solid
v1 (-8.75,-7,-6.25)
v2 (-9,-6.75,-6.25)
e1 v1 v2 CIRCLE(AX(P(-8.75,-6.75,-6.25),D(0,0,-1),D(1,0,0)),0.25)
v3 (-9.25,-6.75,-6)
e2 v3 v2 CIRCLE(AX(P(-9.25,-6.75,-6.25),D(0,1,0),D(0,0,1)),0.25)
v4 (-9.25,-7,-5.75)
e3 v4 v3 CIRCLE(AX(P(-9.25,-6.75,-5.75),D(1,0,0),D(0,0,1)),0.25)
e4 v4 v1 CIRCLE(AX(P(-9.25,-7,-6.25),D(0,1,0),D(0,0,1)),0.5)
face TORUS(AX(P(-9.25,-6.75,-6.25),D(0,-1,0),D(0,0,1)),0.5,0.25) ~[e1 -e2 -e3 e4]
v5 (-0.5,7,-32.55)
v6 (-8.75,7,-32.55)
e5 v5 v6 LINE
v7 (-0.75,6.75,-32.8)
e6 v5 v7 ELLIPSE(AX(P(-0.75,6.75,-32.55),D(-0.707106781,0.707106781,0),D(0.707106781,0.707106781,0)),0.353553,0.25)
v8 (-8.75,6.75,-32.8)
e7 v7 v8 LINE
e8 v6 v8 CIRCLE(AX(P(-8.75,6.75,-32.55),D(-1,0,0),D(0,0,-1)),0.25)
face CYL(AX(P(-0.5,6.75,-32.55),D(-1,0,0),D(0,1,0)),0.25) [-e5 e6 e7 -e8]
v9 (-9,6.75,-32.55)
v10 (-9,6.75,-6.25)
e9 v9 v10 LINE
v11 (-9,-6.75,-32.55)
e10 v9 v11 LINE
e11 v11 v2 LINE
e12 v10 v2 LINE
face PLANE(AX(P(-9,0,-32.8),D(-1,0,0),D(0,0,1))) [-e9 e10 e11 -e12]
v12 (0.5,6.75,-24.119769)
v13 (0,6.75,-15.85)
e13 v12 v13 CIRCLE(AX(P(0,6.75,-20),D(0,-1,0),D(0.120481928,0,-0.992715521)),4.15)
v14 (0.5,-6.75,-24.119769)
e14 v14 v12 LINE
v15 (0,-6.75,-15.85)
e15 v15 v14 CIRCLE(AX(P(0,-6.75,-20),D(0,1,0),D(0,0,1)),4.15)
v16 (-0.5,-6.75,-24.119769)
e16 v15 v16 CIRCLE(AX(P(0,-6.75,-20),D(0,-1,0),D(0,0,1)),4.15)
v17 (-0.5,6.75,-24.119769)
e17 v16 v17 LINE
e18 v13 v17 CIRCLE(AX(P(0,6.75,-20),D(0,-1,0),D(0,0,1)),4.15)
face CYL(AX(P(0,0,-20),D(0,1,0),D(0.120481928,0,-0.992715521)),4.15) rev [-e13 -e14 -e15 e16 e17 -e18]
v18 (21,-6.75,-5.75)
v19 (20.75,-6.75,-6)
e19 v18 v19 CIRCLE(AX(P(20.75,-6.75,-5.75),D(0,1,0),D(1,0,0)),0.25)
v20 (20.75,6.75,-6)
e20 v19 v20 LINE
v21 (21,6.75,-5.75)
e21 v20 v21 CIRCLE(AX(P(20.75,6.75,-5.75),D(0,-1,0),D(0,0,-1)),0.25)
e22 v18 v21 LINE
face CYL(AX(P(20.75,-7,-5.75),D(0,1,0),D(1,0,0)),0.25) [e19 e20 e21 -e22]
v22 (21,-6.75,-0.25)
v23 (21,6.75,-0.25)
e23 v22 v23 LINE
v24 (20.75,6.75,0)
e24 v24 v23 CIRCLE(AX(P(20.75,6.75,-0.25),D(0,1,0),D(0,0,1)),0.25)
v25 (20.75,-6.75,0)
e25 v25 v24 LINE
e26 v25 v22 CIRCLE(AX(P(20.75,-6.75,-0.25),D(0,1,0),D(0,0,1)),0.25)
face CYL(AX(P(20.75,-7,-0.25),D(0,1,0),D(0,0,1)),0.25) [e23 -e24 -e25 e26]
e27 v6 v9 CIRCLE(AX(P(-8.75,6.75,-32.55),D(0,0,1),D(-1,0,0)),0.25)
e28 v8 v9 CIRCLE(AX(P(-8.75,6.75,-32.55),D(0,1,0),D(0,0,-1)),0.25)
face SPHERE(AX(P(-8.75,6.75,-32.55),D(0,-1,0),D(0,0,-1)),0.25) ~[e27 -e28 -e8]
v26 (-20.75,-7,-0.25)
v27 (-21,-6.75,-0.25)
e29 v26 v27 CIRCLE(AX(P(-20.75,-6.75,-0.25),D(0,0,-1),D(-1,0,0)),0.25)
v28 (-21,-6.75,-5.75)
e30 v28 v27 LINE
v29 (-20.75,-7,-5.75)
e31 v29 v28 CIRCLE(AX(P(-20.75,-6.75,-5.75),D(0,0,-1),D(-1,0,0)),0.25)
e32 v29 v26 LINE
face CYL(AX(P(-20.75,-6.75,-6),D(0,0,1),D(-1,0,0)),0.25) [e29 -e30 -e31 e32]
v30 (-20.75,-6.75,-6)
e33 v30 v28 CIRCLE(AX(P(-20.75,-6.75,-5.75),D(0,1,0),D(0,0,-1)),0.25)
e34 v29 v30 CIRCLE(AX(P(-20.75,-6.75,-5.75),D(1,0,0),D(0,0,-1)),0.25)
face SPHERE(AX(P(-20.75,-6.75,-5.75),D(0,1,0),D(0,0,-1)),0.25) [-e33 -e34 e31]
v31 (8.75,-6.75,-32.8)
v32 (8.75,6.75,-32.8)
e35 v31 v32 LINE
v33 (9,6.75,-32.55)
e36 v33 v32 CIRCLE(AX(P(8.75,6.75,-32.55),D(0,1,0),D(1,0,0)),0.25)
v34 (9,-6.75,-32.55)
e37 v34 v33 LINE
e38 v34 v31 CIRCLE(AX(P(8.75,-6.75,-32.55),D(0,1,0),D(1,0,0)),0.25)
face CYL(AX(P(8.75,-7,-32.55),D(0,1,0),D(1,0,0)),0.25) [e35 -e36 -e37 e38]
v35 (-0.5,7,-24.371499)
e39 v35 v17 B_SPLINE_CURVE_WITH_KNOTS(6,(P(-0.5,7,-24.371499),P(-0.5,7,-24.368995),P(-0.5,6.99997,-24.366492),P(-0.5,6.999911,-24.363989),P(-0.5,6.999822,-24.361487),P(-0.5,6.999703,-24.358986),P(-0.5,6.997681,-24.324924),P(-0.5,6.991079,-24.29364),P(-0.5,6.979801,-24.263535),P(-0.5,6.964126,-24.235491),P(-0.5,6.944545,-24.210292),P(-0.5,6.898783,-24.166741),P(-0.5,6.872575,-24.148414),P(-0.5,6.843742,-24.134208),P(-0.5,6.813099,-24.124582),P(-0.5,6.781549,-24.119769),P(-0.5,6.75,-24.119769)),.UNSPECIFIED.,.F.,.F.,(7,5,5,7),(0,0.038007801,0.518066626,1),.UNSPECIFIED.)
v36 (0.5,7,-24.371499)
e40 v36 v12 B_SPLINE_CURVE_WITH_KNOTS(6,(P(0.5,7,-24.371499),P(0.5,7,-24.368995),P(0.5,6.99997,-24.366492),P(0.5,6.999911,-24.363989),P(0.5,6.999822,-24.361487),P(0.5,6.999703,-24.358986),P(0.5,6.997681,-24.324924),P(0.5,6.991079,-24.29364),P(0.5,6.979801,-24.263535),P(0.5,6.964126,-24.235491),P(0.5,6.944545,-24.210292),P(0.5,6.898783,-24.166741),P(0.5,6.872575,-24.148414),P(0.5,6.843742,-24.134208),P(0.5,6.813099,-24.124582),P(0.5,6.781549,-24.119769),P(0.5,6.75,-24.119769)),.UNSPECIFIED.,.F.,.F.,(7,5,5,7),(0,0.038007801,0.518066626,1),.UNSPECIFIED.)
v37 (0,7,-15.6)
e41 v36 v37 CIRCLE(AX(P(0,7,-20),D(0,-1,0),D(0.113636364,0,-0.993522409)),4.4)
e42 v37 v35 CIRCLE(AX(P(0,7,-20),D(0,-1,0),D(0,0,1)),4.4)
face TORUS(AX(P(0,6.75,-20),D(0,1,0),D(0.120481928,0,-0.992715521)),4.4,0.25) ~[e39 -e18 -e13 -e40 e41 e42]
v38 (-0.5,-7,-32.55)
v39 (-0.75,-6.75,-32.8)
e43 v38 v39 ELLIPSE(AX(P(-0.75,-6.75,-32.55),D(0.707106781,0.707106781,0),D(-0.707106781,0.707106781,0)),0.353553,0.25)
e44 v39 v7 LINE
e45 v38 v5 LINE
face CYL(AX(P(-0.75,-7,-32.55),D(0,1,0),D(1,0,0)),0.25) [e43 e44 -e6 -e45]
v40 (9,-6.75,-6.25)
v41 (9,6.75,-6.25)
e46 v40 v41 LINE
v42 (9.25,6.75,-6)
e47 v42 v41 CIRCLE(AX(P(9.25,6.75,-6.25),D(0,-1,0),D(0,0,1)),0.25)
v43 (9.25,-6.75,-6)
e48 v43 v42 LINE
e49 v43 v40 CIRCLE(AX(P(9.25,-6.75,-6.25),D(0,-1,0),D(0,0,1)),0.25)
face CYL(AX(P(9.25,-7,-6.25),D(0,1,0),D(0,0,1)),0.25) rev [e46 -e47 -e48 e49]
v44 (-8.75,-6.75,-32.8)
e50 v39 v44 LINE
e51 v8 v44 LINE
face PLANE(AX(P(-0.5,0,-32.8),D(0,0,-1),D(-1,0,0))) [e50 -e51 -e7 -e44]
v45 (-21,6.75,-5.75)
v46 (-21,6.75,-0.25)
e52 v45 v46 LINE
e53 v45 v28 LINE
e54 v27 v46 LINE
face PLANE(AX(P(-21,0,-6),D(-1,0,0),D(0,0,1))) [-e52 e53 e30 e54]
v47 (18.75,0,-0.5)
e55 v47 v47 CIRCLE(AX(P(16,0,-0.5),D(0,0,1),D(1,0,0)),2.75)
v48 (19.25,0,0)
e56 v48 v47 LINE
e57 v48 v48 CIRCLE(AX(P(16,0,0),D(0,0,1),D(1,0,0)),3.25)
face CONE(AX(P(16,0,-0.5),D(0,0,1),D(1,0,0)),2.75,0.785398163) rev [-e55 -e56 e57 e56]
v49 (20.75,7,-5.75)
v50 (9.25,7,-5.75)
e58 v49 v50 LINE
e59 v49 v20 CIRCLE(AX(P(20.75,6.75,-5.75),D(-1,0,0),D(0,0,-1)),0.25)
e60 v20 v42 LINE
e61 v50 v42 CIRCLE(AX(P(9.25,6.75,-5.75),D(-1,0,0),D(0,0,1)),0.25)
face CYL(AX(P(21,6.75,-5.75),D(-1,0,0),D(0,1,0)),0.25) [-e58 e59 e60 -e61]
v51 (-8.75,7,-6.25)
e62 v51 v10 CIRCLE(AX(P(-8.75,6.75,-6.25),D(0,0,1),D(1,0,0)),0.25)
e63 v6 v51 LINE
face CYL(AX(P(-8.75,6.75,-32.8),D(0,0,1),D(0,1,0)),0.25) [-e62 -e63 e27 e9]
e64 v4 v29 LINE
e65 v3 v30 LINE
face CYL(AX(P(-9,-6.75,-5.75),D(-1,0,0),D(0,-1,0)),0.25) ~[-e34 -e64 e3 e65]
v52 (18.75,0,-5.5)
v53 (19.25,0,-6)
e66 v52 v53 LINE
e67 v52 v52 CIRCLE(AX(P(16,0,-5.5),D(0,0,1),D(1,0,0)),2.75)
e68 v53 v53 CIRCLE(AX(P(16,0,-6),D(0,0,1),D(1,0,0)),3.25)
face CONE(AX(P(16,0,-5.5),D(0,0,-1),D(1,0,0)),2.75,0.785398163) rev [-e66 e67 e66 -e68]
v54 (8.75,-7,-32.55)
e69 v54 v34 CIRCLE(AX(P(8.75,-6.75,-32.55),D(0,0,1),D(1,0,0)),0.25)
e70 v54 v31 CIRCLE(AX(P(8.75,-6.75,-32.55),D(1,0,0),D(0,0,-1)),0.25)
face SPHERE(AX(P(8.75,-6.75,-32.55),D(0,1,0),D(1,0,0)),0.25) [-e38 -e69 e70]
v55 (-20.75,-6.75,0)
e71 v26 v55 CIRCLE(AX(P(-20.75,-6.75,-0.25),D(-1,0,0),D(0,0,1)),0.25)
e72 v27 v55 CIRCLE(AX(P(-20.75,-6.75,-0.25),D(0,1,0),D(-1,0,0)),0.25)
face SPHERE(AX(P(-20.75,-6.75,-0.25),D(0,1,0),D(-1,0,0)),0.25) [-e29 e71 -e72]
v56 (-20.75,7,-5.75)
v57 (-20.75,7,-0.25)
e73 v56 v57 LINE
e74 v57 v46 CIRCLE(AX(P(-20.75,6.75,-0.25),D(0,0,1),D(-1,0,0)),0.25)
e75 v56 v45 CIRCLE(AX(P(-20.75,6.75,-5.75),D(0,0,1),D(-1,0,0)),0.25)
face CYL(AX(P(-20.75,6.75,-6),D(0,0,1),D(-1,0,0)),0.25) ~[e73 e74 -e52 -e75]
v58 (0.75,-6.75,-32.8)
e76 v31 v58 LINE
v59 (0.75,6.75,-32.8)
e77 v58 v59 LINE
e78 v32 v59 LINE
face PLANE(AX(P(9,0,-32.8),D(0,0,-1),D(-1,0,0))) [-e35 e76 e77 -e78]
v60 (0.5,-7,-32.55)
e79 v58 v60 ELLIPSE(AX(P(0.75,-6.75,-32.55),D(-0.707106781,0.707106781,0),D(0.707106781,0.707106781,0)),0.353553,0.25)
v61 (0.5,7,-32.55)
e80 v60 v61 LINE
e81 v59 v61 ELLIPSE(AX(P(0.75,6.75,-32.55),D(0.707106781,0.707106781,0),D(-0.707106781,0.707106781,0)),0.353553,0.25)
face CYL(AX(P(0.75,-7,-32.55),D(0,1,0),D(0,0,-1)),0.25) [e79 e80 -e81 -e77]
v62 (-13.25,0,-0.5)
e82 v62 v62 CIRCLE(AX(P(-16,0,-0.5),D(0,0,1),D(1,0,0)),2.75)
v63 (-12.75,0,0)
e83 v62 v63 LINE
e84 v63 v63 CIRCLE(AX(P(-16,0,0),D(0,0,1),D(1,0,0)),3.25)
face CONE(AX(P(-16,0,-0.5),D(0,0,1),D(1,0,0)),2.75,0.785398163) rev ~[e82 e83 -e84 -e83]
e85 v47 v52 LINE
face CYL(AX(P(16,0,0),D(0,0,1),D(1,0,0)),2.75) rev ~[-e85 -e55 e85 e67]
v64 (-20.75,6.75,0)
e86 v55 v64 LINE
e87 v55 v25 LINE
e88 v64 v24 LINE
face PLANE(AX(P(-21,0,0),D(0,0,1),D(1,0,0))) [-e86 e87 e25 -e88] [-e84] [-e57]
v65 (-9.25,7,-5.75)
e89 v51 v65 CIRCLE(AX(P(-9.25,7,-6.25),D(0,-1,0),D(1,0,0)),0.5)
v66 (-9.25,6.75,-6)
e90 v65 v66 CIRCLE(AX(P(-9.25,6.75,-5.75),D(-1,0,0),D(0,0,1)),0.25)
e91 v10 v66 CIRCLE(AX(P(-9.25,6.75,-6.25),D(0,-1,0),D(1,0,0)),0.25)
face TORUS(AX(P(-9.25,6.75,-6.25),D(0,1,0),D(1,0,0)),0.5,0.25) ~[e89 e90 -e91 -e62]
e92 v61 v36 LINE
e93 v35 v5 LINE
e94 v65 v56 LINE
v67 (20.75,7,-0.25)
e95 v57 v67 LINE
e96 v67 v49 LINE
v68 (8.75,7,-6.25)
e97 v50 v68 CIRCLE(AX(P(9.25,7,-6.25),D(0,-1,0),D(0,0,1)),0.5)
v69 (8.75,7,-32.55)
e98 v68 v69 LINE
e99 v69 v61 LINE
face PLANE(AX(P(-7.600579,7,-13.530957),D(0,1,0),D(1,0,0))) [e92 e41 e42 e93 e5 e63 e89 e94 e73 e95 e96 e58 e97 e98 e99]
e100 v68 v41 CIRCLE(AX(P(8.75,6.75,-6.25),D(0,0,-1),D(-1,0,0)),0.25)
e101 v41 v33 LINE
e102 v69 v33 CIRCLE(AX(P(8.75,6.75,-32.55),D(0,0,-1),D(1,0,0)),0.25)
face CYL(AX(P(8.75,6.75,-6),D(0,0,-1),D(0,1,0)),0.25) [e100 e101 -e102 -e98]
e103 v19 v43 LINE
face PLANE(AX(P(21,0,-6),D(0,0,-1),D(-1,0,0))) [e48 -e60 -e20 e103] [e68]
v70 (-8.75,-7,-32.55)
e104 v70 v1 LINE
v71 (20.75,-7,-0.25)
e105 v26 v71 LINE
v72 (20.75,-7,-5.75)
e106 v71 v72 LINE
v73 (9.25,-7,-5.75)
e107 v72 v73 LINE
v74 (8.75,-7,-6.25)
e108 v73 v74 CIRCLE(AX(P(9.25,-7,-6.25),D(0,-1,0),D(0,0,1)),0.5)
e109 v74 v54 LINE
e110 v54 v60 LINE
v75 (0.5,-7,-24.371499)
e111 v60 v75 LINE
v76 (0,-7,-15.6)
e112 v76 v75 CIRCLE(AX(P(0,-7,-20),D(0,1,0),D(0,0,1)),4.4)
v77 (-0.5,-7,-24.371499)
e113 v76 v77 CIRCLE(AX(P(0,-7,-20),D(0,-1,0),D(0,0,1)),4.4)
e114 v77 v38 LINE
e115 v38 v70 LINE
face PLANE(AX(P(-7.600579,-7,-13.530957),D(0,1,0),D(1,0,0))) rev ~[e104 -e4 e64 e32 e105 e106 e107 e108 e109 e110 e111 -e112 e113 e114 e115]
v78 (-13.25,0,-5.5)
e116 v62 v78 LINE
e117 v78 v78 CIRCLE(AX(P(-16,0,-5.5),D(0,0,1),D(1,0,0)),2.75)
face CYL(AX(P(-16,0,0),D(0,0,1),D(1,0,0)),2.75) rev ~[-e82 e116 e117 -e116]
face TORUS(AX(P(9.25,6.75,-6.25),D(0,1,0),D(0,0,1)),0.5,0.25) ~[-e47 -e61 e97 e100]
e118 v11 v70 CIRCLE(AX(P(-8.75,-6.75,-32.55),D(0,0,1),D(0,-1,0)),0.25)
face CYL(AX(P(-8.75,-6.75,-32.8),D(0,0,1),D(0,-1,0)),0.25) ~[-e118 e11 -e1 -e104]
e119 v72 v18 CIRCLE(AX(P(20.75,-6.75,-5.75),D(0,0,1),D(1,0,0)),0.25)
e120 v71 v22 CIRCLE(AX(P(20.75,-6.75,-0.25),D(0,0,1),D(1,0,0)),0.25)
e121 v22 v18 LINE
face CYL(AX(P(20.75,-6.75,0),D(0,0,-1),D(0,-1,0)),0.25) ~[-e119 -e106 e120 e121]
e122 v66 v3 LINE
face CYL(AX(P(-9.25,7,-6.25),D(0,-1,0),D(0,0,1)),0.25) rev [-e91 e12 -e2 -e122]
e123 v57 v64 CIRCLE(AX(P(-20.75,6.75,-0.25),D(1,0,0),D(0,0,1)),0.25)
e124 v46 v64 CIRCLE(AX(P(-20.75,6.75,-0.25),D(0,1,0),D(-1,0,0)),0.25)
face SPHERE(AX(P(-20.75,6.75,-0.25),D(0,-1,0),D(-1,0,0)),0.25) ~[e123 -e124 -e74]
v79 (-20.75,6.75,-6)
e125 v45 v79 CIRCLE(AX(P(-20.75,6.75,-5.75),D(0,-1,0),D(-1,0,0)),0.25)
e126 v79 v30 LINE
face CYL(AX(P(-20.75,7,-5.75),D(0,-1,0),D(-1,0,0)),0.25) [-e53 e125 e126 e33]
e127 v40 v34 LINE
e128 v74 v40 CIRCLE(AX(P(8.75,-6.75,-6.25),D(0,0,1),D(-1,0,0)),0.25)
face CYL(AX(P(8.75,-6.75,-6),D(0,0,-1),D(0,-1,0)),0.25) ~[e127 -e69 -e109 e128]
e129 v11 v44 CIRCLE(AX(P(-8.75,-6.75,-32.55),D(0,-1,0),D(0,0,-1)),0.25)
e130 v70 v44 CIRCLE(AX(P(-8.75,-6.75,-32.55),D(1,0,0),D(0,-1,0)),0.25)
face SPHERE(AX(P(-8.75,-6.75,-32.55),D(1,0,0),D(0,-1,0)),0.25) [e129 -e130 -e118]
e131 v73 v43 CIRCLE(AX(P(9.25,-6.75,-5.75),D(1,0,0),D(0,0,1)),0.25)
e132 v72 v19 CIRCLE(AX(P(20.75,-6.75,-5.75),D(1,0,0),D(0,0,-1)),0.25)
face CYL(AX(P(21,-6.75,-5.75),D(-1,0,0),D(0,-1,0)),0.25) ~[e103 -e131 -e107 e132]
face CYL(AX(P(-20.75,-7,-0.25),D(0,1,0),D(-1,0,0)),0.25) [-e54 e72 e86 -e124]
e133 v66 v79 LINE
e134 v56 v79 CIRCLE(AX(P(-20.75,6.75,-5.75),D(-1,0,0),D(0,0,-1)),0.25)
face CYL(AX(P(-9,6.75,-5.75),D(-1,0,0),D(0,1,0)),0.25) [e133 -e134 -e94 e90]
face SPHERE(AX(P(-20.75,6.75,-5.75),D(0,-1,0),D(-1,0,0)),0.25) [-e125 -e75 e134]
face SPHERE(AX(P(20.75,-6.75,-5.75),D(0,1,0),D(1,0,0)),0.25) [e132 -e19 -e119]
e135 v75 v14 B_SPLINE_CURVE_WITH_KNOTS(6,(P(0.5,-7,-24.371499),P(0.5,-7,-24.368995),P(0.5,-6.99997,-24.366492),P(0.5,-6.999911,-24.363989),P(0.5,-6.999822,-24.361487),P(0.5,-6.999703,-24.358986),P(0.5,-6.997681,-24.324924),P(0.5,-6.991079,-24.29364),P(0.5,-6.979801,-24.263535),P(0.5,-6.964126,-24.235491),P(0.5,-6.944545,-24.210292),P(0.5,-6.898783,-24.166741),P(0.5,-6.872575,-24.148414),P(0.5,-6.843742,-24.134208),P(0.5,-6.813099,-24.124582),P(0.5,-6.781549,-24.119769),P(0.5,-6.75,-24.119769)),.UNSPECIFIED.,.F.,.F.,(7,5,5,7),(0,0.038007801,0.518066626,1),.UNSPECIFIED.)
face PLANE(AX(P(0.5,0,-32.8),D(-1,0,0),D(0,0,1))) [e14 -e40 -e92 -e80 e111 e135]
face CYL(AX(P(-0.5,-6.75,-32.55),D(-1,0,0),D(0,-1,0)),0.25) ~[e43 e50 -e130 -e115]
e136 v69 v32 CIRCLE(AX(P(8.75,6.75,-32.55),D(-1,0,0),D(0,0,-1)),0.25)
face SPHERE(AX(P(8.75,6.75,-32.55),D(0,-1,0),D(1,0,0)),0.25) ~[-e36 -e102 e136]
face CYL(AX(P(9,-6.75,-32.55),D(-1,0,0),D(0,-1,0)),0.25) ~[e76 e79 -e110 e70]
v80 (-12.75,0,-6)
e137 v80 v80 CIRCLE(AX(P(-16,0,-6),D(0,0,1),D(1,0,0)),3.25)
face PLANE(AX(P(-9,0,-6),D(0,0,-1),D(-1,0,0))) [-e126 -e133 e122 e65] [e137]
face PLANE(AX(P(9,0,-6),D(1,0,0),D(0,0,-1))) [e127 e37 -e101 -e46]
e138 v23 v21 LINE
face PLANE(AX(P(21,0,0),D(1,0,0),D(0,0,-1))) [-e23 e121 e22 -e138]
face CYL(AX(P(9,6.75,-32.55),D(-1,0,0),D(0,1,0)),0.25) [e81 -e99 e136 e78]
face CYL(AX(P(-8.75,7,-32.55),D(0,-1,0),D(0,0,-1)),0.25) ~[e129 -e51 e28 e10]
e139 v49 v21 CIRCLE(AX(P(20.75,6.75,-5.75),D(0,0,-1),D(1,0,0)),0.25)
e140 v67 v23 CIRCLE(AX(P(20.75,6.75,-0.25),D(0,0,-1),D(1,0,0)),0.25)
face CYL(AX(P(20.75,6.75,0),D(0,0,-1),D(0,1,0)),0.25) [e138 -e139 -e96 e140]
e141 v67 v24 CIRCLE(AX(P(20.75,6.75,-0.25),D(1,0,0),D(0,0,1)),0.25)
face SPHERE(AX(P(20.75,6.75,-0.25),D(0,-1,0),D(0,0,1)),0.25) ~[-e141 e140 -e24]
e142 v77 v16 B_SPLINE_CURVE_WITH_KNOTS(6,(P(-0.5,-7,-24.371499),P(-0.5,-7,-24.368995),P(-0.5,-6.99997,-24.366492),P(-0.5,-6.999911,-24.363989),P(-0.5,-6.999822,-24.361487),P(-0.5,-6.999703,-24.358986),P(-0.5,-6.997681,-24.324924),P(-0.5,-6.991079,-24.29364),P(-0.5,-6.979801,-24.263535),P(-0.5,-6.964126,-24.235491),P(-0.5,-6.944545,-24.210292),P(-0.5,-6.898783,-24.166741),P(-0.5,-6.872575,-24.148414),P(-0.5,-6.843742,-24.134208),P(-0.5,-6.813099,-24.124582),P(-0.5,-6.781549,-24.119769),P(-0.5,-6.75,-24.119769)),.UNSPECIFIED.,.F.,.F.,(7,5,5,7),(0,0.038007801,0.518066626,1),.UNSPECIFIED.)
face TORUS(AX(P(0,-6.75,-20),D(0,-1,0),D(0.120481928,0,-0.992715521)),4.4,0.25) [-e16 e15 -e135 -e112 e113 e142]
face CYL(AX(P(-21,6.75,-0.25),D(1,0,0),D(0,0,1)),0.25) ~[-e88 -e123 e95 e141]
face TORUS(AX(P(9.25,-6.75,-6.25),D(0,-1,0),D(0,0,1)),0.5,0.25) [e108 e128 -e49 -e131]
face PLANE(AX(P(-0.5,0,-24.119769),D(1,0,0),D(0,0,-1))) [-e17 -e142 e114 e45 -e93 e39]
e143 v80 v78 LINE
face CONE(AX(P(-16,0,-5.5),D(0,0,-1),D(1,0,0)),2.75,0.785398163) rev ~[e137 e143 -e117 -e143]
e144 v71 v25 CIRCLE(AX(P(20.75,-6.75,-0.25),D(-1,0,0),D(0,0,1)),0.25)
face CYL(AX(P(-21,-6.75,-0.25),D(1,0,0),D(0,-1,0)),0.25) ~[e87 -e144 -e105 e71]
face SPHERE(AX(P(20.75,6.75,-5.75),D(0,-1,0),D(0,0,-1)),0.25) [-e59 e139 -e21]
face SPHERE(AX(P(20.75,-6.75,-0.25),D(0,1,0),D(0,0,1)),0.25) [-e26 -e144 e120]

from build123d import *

# Parameters (mm, degrees)
BOSS_EXTRUDE1_DEPTH      = 7
BOSS_EXTRUDE1_DEPTH_BACK = 7
CUT_EXTRUDE1_REACH       = 41.571
SKETCH2_R                = 2.75
FILLET1_R                = 0.25
CHAMFER1_SIZE            = 0.5


with BuildPart() as part:
    # Sketch1 → Boss-Extrude1 (new, two sides: drawn at the far end of the back side and taken through both)
    with BuildSketch(Plane(origin=(0, 0, 0), x_dir=(1, 0, 0), z_dir=(0, 1, 0)).offset(-BOSS_EXTRUDE1_DEPTH_BACK)):
        with BuildLine():
            Line((-21, 6), (-21, 0))
            Line((-21, 0), (21, 0))
            Line((21, 0), (21, 6))
            Line((21, 6), (9, 6))
            Line((9, 6), (9, 32.8))
            Line((9, 32.8), (0.5, 32.8))
            Line((0.5, 32.8), (0.5, 24.119769411))
            ThreePointArc((0.5, 24.119769411), (0, 15.85), (-0.5, 24.119769411))
            Line((-0.5, 24.119769411), (-0.5, 32.8))
            Line((-0.5, 32.8), (-9, 32.8))
            Line((-9, 32.8), (-9, 6))
            Line((-9, 6), (-21, 6))
        make_face()
    extrude(amount=BOSS_EXTRUDE1_DEPTH + BOSS_EXTRUDE1_DEPTH_BACK)

    # Sketch2 → Cut-Extrude1 (cut, up to next)
    with BuildSketch(Plane.XY, mode=Mode.PRIVATE) as cut_extrude1_sk1:
        with Locations((-16, 0)):
            Circle(SKETCH2_R)
    cut_extrude1_tool1 = extrude(cut_extrude1_sk1.sketch, amount=-CUT_EXTRUDE1_REACH, mode=Mode.PRIVATE) & part.part
    # Sketch2 → Cut-Extrude1 (cut, up to next)
    with BuildSketch(Plane.XY, mode=Mode.PRIVATE) as cut_extrude1_sk2:
        with Locations((16, 0)):
            Circle(SKETCH2_R)
    cut_extrude1_tool2 = extrude(cut_extrude1_sk2.sketch, amount=-CUT_EXTRUDE1_REACH, mode=Mode.PRIVATE) & part.part
    add(cut_extrude1_tool1.solids().sort_by_distance((-16, 0, 0))[0], mode=Mode.SUBTRACT)
    add(cut_extrude1_tool2.solids().sort_by_distance((16, 0, 0))[0], mode=Mode.SUBTRACT)

    # Fillet1
    fillet1_edges = [part.edges().sort_by_distance(p)[0] for p in [
        (15, -7, -6),
        (15, 7, -6),
        (-9, -7, -19.4),
        (-9, 7, -19.4),
        (9, -7, -19.4),
        (9, 0, -6),
        (9, 7, -19.4),
        (4.75, -7, -32.8),
        (9, 0, -32.8),
        (4.75, 7, -32.8),
        (0.5, 0, -32.8),
        (-4.75, -7, -32.8),
        (-0.5, 0, -32.8),
        (-4.75, 7, -32.8),
        (-9, 0, -32.8),
        (21, 0, 0),
        (-21, 0, 0),
        (0, 7, 0),
        (0, -7, 0),
        (21, -7, -3),
        (-21, -7, -3),
        (-21, 7, -3),
        (21, 7, -3),
        (-15, -7, -6),
        (-21, 0, -6),
        (-15, 7, -6),
        (-9, 0, -6),
        (21, 0, -6),
        (0, -7, -15.85),
        (0, 7, -15.85),
    ]]
    fillet(fillet1_edges, radius=FILLET1_R)

    # Chamfer1
    chamfer1_edges = [part.edges().sort_by_distance(p)[0] for p in [
        (13.25, 0, 0),
        (-18.75, 0, 0),
        (-18.75, 0, -6),
        (13.25, 0, -6),
    ]]
    chamfer(chamfer1_edges, length=CHAMFER1_SIZE)


solid = part.part
